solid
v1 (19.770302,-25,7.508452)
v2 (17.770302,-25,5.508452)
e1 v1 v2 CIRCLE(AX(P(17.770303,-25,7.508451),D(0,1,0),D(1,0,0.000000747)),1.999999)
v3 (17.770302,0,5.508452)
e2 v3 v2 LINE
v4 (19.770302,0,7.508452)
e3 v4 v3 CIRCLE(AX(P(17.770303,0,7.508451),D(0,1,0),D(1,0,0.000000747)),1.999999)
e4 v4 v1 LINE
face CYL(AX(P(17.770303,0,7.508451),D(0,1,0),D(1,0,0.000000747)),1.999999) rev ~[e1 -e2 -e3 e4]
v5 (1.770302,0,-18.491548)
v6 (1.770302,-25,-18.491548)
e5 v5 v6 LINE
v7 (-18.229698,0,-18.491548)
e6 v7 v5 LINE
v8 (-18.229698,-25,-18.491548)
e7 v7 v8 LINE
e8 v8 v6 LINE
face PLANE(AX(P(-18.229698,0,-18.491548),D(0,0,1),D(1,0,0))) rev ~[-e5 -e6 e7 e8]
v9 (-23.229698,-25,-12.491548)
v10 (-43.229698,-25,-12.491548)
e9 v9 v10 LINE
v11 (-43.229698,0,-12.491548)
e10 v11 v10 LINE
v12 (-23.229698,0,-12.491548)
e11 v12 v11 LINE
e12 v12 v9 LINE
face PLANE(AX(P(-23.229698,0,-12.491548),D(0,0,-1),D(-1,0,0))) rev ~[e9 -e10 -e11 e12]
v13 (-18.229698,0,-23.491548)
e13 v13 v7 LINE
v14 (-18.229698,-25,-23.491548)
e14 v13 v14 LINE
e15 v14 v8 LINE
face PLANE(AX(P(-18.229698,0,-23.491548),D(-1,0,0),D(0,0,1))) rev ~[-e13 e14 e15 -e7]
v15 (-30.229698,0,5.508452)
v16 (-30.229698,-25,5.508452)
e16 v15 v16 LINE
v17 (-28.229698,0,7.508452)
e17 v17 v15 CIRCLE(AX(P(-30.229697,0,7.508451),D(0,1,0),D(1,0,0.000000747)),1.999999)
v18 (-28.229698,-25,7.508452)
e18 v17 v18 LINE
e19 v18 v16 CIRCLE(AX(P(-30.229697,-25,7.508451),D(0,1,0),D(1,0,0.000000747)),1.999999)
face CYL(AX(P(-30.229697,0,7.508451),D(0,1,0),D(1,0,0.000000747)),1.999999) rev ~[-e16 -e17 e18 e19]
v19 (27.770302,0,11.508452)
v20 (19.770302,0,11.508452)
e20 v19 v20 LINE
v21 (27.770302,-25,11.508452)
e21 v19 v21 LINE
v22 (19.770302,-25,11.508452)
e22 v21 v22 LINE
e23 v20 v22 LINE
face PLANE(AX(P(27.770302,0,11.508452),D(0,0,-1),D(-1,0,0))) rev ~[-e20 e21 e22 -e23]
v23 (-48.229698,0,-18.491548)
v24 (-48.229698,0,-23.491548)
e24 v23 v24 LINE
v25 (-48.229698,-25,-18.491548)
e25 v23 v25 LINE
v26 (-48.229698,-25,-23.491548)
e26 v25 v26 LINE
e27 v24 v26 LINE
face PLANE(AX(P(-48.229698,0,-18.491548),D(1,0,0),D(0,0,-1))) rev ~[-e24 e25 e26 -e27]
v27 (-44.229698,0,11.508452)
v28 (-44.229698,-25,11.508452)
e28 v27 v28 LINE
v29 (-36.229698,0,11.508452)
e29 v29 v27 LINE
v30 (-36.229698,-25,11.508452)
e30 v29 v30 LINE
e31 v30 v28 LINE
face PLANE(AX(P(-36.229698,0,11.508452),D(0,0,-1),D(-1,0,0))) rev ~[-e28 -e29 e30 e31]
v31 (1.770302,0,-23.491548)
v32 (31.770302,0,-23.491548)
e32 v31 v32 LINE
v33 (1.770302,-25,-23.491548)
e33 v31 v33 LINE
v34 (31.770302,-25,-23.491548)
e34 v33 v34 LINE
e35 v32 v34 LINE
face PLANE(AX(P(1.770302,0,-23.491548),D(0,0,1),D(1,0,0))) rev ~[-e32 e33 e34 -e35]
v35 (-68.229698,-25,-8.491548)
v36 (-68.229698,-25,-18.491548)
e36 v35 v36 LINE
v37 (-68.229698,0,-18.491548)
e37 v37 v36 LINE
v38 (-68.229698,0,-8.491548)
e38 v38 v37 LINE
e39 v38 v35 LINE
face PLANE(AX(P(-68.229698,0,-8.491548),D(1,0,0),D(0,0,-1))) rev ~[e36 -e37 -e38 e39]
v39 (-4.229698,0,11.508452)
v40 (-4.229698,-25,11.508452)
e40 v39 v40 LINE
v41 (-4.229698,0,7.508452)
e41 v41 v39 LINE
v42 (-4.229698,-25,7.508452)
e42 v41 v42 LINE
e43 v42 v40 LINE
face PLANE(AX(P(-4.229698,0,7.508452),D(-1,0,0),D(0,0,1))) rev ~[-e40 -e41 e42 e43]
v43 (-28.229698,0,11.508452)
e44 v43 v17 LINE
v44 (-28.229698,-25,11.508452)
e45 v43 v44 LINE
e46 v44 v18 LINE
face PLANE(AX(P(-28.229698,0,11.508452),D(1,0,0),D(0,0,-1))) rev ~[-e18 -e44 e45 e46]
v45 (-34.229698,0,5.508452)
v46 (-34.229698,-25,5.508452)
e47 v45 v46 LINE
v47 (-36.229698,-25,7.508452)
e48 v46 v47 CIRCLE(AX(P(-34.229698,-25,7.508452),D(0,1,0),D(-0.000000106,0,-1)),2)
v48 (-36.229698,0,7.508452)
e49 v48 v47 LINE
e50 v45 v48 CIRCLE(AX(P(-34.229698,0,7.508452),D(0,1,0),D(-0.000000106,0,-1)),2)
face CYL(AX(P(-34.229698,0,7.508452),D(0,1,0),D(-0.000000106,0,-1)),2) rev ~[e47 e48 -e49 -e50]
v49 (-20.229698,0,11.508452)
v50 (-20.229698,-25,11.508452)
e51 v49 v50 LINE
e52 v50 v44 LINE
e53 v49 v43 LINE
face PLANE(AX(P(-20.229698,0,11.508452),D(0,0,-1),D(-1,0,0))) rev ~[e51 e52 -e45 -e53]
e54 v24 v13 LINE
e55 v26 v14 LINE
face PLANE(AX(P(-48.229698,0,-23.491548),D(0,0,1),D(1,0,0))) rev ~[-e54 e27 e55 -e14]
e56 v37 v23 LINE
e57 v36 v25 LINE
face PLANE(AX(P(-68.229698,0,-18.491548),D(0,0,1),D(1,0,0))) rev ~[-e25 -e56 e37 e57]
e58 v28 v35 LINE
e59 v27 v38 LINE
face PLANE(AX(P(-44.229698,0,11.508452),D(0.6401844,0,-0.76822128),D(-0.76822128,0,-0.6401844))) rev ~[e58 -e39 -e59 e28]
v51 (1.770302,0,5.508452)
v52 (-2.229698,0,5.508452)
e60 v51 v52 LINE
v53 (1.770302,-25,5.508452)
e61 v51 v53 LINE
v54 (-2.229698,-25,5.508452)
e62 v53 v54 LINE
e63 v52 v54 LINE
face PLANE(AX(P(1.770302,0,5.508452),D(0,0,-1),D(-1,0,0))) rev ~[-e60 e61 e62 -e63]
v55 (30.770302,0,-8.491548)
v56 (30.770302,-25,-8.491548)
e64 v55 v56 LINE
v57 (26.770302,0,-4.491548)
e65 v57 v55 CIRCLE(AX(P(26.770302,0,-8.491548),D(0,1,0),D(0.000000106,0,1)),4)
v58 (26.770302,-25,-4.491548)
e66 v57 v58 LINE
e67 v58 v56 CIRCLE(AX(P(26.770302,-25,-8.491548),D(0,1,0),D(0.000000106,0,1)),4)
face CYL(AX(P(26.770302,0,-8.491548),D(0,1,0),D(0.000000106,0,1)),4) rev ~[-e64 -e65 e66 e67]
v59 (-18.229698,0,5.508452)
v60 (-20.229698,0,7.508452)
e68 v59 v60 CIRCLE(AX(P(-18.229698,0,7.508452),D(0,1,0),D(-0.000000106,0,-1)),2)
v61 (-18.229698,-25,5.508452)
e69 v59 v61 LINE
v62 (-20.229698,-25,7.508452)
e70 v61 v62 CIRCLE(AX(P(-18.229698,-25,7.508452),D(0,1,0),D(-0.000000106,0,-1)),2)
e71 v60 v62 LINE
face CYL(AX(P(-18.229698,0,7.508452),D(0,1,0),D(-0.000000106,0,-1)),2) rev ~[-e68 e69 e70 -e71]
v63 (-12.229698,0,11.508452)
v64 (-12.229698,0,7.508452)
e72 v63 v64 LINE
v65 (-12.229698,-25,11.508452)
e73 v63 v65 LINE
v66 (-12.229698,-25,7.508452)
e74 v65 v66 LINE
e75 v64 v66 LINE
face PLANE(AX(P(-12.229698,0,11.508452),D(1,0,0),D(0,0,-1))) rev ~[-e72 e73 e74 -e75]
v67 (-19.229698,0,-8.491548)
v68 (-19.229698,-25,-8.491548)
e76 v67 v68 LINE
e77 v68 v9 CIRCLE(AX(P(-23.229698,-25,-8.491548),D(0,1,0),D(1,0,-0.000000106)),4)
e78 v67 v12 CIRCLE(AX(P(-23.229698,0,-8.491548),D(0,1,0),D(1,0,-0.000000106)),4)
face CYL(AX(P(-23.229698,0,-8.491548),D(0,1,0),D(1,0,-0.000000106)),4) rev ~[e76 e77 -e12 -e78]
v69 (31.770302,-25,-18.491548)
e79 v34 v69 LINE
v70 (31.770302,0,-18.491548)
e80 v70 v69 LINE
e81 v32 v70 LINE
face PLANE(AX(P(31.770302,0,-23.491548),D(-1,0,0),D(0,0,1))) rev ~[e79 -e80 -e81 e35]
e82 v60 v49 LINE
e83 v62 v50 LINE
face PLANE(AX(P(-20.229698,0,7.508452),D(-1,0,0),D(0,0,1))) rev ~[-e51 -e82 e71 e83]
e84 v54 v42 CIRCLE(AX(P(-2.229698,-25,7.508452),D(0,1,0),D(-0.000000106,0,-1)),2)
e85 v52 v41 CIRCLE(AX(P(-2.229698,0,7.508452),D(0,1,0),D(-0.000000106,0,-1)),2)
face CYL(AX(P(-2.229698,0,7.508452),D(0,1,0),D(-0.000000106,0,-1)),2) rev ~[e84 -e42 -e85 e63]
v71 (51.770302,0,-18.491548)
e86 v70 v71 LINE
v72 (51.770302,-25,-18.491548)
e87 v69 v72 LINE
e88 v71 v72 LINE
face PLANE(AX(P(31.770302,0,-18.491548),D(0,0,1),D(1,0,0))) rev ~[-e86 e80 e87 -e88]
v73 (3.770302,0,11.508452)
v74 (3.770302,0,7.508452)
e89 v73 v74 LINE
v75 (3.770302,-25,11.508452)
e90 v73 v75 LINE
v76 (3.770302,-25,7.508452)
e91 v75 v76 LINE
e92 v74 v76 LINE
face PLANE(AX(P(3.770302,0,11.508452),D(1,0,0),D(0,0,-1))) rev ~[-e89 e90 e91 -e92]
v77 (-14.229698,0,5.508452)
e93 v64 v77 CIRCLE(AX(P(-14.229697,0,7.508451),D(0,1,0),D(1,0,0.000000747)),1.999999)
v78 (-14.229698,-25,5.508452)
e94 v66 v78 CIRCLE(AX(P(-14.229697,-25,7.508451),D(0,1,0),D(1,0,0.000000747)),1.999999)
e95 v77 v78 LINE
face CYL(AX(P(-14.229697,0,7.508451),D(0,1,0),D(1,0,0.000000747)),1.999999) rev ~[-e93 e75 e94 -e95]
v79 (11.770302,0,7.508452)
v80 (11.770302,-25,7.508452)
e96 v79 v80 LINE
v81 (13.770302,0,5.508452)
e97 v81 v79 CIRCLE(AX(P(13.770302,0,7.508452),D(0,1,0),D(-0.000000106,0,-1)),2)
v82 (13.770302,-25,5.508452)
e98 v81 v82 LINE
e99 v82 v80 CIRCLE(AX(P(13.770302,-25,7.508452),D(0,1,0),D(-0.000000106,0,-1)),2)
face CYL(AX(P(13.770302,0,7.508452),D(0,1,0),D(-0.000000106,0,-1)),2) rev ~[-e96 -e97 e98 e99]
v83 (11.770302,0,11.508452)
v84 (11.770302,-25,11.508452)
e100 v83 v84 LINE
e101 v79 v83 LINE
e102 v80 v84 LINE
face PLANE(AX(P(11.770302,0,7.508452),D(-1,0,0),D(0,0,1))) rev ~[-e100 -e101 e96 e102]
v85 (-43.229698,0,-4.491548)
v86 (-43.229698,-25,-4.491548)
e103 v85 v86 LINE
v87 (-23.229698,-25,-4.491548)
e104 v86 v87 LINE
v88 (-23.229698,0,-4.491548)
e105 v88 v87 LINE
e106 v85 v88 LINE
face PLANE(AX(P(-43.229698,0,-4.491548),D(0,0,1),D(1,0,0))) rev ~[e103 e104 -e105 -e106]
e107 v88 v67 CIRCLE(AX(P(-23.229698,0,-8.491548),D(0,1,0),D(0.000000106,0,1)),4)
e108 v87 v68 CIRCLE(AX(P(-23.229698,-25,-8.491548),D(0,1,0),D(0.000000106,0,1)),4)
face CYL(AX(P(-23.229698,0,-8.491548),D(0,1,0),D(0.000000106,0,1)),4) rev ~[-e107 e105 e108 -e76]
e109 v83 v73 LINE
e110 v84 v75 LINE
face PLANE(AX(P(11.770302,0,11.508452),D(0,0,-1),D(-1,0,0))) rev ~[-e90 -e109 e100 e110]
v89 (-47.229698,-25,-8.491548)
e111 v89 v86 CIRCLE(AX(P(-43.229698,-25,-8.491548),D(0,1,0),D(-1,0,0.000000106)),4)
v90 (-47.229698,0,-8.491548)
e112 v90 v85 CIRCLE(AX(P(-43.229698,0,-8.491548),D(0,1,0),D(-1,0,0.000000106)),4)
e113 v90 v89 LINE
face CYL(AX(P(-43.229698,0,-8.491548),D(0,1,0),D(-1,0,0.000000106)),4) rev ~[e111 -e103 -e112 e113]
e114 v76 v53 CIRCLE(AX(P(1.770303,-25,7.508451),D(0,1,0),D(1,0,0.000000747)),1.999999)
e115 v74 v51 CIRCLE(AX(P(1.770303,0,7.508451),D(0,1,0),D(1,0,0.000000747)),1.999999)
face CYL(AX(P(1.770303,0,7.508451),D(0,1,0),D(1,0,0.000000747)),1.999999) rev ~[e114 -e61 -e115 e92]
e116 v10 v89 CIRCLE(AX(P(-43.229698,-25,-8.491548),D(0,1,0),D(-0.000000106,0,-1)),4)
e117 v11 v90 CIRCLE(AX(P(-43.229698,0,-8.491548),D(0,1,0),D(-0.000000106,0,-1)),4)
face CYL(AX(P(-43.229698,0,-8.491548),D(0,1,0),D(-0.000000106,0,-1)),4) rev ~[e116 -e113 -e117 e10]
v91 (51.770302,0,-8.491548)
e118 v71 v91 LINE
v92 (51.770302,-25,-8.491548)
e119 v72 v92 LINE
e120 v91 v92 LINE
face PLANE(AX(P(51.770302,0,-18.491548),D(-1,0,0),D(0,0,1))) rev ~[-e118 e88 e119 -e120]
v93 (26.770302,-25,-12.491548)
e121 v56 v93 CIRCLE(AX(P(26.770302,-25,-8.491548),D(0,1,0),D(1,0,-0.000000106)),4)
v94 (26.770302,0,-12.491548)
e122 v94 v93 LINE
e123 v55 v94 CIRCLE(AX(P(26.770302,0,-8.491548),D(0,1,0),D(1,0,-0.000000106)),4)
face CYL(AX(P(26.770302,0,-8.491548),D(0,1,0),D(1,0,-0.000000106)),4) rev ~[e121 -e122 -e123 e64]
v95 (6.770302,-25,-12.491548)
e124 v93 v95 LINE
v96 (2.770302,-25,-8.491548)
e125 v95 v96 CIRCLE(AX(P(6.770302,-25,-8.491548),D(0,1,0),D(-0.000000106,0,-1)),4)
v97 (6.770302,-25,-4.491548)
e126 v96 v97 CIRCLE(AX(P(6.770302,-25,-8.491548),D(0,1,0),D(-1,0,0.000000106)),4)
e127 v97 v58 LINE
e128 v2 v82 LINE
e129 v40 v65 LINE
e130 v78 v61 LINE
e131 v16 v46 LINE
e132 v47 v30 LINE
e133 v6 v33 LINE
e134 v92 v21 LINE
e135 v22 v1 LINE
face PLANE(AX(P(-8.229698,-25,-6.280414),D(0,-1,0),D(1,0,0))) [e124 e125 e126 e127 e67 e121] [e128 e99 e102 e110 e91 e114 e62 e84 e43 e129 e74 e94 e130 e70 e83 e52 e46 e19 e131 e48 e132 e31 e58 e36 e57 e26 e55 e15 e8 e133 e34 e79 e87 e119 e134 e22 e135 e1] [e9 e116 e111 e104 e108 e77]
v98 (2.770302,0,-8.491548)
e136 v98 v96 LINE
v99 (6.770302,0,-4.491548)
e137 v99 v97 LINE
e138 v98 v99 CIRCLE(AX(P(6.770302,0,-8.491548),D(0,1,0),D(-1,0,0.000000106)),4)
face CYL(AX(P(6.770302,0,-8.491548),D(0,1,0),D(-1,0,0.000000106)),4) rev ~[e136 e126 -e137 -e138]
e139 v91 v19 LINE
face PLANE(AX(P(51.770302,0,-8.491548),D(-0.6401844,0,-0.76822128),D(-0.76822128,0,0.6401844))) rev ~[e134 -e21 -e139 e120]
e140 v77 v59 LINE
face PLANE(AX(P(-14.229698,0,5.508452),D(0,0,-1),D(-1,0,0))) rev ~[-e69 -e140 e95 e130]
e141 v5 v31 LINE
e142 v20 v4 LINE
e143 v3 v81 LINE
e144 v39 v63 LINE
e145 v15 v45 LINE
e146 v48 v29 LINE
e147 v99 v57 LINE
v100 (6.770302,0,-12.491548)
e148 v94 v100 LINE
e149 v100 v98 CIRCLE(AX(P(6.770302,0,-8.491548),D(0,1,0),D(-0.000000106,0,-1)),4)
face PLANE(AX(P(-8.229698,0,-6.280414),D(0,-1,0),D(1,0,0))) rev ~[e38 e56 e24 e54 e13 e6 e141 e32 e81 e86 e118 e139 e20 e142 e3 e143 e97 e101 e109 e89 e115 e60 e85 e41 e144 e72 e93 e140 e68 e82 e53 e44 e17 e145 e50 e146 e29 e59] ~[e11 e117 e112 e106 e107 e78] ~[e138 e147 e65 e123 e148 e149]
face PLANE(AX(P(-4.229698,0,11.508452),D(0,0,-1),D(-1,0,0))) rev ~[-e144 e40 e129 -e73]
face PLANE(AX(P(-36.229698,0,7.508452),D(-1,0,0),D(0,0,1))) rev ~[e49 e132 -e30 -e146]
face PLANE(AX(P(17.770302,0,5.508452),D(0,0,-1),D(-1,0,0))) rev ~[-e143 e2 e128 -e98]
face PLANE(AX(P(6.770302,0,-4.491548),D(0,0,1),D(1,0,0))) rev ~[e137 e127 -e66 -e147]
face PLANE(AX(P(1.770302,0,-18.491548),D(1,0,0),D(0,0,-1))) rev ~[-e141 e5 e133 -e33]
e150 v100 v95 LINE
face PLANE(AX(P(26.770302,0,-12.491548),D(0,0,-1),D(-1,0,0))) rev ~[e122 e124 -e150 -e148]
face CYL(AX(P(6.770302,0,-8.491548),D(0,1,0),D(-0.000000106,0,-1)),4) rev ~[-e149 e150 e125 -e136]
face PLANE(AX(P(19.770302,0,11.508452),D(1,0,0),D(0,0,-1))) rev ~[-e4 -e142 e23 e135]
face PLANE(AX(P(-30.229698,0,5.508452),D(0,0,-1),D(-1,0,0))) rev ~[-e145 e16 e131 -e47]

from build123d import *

# Parameters (mm, degrees)
F1_DEPTH = 25


with BuildPart() as f1:
    # F0 (on Front) → F1 (new body)
    with BuildSketch(Plane.XZ):
        with BuildLine():
            Line((-18.229698, -23.491548), (-18.229698, -18.491548))
            Line((-18.229698, -18.491548), (1.770302, -18.491548))
            Line((1.770302, -18.491548), (1.770302, -23.491548))
            Line((1.770302, -23.491548), (31.770302, -23.491548))
            Line((31.770302, -23.491548), (31.770302, -18.491548))
            Line((31.770302, -18.491548), (51.770302, -18.491548))
            Line((51.770302, -18.491548), (51.770302, -8.491548))
            Line((51.770302, -8.491548), (27.770302, 11.508452))
            Line((27.770302, 11.508452), (19.770302, 11.508452))
            Line((19.770302, 11.508452), (19.770302, 7.508452))
            ThreePointArc((19.770302, 7.508452), (19.184516, 6.094238), (17.770302, 5.508452))
            Line((17.770302, 5.508452), (13.770302, 5.508452))
            ThreePointArc((13.770302, 5.508452), (12.356089, 6.094238), (11.770302, 7.508452))
            Line((11.770302, 7.508452), (11.770302, 11.508452))
            Line((11.770302, 11.508452), (3.770302, 11.508452))
            Line((3.770302, 11.508452), (3.770302, 7.508452))
            ThreePointArc((3.770302, 7.508452), (3.184516, 6.094238), (1.770302, 5.508452))
            Line((1.770302, 5.508452), (-2.229698, 5.508452))
            ThreePointArc((-2.229698, 5.508452), (-3.643911, 6.094238), (-4.229698, 7.508452))
            Line((-4.229698, 7.508452), (-4.229698, 11.508452))
            Line((-4.229698, 11.508452), (-12.229698, 11.508452))
            Line((-12.229698, 11.508452), (-12.229698, 7.508452))
            ThreePointArc((-12.229698, 7.508452), (-12.815484, 6.094238), (-14.229698, 5.508452))
            Line((-14.229698, 5.508452), (-18.229698, 5.508452))
            ThreePointArc((-18.229698, 5.508452), (-19.643911, 6.094238), (-20.229698, 7.508452))
            Line((-20.229698, 7.508452), (-20.229698, 11.508452))
            Line((-20.229698, 11.508452), (-28.229698, 11.508452))
            Line((-28.229698, 11.508452), (-28.229698, 7.508452))
            ThreePointArc((-28.229698, 7.508452), (-28.815484, 6.094238), (-30.229698, 5.508452))
            Line((-30.229698, 5.508452), (-34.229698, 5.508452))
            ThreePointArc((-34.229698, 5.508452), (-35.643911, 6.094238), (-36.229698, 7.508452))
            Line((-36.229698, 7.508452), (-36.229698, 11.508452))
            Line((-36.229698, 11.508452), (-44.229698, 11.508452))
            Line((-44.229698, 11.508452), (-68.229698, -8.491548))
            Line((-68.229698, -8.491548), (-68.229698, -18.491548))
            Line((-68.229698, -18.491548), (-48.229698, -18.491548))
            Line((-48.229698, -18.491548), (-48.229698, -23.491548))
            Line((-48.229698, -23.491548), (-18.229698, -23.491548))
        make_face()
        with BuildLine():
            ThreePointArc((-19.229698, -8.491548), (-20.401271, -11.319975), (-23.229698, -12.491548))
            Line((-23.229698, -12.491548), (-43.229698, -12.491548))
            ThreePointArc((-43.229698, -12.491548), (-46.058125, -11.319975), (-47.229698, -8.491548))
            ThreePointArc((-47.229698, -8.491548), (-46.058125, -5.663121), (-43.229698, -4.491548))
            Line((-43.229698, -4.491548), (-23.229698, -4.491548))
            ThreePointArc((-23.229698, -4.491548), (-20.401271, -5.663121), (-19.229698, -8.491548))
        make_face(mode=Mode.SUBTRACT)
        with BuildLine():
            Line((26.770302, -12.491548), (6.770302, -12.491548))
            ThreePointArc((6.770302, -12.491548), (3.941875, -11.319975), (2.770302, -8.491548))
            ThreePointArc((2.770302, -8.491548), (3.941875, -5.663121), (6.770302, -4.491548))
            Line((6.770302, -4.491548), (26.770302, -4.491548))
            ThreePointArc((26.770302, -4.491548), (29.598729, -5.663121), (30.770302, -8.491548))
            ThreePointArc((30.770302, -8.491548), (29.598729, -11.319975), (26.770302, -12.491548))
        make_face(mode=Mode.SUBTRACT)
    extrude(amount=F1_DEPTH)


solid = f1.part
